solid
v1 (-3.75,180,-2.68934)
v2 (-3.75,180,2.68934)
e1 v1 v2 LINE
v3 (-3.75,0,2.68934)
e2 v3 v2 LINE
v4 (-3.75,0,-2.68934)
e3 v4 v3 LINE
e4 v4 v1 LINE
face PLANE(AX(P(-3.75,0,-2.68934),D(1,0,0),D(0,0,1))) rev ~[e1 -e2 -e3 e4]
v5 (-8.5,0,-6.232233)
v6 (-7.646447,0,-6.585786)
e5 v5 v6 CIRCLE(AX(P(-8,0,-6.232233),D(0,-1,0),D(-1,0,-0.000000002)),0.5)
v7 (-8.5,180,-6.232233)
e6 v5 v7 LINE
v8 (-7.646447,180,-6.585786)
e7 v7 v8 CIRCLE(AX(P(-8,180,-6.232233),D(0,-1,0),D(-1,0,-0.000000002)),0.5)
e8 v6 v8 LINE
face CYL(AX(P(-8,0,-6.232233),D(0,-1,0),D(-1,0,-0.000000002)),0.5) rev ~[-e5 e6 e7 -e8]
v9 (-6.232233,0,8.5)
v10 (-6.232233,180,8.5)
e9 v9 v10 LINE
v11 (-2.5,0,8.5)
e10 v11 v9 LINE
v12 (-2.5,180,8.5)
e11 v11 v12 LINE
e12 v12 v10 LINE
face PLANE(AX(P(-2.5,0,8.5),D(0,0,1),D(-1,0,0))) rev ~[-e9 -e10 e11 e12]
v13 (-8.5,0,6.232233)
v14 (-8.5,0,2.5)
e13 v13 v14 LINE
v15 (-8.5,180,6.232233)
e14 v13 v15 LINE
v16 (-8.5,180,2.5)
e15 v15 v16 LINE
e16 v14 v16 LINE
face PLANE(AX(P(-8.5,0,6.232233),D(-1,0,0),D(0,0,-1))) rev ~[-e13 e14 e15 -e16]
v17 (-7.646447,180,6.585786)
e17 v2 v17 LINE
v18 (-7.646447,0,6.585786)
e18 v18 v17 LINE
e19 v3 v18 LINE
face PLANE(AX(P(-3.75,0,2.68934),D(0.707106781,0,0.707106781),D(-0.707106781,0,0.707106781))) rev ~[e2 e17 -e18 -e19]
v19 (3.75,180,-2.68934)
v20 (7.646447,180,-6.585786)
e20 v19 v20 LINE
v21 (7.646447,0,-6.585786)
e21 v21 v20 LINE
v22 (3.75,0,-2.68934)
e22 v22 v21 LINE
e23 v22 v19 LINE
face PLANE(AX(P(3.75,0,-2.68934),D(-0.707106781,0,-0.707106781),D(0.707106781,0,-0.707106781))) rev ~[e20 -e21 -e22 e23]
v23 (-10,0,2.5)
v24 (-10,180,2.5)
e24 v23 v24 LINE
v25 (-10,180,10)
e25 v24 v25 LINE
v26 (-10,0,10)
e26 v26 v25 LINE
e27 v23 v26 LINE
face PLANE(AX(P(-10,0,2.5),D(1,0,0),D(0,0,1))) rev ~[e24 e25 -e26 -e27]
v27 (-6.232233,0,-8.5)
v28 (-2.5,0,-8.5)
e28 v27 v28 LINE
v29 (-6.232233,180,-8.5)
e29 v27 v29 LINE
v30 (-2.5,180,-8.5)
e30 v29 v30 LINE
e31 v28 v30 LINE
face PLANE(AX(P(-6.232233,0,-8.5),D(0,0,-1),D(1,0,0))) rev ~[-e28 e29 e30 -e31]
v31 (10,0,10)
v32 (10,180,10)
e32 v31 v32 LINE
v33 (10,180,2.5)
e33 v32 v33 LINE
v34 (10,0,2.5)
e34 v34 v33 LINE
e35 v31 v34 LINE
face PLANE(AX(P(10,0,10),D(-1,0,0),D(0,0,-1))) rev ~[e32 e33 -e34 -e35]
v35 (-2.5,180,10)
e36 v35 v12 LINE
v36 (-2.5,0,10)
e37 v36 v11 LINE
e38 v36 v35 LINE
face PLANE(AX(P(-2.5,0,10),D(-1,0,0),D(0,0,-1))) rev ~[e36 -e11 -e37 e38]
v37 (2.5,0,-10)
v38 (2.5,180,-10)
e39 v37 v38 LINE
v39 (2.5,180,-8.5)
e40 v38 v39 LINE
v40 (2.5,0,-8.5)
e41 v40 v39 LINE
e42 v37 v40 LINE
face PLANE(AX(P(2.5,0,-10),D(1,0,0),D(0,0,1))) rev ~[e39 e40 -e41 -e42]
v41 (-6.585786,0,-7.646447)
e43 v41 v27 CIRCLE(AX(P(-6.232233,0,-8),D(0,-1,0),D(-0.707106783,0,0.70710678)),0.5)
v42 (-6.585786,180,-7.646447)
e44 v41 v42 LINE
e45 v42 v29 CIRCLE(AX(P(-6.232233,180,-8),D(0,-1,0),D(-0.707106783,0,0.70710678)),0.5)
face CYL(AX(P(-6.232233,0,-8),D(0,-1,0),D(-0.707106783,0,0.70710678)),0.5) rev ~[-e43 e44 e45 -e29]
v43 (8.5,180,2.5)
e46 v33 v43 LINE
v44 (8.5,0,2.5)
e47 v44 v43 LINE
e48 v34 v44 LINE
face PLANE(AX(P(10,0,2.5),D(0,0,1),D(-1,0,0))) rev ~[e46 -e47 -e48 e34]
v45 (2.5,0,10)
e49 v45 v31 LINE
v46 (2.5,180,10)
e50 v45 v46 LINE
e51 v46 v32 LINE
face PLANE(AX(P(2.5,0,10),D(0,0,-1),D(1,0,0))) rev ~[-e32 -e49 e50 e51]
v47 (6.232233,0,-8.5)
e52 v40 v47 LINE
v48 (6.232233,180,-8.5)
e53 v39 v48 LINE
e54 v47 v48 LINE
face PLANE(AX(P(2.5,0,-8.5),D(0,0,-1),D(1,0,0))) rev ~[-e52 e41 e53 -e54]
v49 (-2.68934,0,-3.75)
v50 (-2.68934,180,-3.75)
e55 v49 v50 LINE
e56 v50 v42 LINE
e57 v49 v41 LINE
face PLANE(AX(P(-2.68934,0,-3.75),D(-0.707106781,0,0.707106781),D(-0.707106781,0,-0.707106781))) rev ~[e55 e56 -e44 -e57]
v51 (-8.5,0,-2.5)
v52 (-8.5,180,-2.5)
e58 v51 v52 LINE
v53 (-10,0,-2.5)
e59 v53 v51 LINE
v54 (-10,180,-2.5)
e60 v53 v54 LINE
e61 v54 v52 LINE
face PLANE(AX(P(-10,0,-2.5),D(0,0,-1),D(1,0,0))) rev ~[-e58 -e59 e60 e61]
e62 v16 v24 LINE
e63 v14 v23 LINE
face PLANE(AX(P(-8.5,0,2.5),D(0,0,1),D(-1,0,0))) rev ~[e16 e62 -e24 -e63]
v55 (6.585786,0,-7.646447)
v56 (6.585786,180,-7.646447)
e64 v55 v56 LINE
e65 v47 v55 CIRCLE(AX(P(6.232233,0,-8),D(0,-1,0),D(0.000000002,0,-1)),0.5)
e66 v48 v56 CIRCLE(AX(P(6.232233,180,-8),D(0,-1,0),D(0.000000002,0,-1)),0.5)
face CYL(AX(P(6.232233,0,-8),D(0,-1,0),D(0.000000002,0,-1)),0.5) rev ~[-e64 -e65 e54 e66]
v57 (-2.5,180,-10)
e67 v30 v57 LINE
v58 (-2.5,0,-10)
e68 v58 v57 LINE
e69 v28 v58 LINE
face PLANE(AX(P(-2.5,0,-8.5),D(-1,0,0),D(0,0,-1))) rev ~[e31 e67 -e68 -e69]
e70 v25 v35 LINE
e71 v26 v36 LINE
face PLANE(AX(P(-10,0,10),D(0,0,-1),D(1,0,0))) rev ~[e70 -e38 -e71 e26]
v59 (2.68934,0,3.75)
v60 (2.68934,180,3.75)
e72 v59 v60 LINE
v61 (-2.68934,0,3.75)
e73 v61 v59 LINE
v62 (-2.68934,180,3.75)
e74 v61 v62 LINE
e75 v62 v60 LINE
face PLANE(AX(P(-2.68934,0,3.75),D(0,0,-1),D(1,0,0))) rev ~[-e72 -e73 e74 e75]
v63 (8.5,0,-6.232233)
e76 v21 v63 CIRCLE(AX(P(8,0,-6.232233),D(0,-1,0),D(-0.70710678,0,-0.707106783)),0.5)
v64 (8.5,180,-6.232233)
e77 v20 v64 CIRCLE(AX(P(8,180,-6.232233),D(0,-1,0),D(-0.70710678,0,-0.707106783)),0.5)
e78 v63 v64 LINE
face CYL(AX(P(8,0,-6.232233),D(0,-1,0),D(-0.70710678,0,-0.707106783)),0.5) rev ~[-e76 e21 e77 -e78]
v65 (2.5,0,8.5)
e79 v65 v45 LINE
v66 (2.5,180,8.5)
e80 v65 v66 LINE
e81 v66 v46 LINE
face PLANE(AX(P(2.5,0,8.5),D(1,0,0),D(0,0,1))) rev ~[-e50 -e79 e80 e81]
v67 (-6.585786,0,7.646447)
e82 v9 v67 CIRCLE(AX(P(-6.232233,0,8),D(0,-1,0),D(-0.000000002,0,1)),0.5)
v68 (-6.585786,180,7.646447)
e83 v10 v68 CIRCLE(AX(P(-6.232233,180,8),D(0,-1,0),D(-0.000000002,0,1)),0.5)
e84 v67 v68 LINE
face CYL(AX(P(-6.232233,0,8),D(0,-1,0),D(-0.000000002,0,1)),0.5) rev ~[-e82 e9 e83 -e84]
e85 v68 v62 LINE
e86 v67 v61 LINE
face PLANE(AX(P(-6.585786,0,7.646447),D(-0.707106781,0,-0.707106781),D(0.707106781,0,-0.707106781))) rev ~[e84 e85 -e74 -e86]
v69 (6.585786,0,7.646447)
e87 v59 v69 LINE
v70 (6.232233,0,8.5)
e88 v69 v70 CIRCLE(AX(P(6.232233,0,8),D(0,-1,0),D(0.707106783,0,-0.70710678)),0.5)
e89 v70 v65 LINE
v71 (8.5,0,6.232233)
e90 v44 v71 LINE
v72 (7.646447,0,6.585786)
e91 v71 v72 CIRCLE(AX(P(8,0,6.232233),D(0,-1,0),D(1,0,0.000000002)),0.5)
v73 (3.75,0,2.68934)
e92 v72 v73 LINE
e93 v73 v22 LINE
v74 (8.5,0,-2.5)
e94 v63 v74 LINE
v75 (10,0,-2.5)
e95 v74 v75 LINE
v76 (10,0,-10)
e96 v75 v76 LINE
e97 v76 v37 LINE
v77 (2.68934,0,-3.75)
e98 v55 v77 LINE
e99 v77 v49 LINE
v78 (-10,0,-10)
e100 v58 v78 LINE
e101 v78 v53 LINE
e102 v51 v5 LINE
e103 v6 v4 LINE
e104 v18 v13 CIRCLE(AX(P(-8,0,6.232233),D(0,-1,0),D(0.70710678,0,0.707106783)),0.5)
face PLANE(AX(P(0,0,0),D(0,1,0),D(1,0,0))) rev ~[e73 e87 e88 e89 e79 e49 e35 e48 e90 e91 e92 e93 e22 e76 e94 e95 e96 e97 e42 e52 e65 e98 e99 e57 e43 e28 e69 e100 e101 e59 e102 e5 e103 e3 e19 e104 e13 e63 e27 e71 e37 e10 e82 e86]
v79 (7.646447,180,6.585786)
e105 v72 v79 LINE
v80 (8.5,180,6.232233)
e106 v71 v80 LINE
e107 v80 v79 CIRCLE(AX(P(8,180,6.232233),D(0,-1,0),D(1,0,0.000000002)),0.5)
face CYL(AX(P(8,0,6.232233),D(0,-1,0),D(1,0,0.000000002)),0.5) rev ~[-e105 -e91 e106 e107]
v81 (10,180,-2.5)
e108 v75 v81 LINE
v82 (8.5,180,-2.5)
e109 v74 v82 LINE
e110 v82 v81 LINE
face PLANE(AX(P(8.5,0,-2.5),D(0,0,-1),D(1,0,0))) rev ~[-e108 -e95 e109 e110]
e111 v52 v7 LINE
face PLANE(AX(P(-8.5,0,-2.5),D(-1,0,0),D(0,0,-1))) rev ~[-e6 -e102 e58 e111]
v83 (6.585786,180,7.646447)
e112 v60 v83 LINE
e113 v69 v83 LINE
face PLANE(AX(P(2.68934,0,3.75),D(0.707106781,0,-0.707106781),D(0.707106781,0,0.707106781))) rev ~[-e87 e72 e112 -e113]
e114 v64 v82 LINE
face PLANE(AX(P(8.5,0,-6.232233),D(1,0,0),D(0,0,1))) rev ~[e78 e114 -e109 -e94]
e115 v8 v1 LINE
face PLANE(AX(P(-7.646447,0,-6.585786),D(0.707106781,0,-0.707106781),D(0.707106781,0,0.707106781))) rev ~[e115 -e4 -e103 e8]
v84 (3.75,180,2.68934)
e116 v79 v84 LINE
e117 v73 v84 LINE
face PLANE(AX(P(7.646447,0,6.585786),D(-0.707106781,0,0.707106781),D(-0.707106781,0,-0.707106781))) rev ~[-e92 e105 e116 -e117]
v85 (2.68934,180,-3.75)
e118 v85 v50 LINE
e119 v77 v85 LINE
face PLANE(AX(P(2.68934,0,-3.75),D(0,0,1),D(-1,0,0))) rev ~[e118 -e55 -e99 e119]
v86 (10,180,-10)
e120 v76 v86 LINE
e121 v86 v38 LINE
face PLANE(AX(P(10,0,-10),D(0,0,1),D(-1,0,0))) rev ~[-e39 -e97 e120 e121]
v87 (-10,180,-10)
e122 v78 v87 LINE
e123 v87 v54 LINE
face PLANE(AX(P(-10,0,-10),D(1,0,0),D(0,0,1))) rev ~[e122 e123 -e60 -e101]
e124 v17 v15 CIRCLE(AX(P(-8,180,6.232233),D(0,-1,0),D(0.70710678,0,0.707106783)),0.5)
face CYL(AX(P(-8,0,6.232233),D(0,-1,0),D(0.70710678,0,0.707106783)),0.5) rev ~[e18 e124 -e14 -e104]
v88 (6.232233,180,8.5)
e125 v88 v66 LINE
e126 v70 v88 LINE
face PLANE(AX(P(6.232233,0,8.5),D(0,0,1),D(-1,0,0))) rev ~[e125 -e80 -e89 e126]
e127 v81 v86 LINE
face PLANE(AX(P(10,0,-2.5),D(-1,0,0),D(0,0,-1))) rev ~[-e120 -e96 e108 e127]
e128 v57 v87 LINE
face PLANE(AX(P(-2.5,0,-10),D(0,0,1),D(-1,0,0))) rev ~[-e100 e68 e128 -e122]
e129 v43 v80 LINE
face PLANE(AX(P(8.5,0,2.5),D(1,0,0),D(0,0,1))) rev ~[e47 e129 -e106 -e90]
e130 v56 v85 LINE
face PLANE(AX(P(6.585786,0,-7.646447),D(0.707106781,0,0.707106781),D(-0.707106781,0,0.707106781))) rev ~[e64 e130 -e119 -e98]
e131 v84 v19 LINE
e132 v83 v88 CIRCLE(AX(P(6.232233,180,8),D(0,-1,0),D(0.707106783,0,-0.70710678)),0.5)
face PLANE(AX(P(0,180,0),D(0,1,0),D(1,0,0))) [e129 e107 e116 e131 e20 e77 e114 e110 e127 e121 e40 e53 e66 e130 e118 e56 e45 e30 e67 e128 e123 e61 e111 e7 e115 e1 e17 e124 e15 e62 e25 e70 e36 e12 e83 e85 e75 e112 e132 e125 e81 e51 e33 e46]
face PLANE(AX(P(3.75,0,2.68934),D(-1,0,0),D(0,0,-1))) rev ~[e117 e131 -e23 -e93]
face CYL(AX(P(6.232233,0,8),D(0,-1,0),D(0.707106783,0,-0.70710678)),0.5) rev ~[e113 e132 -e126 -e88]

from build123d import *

# Parameters (mm, degrees)
BOSS_EXTRU_1_DEPTH = 180


with BuildPart() as part:
    # Esquisse1 → Boss.-Extru.1 (new body)
    with BuildSketch(Plane(origin=(0, 0, 0), x_dir=(1, 0, 0), z_dir=(0, 1, 0))):
        with BuildLine():
            Line((-10, -2.5), (-10, -10))
            Line((-10, -10), (-2.5, -10))
            Line((-2.5, -10), (-2.5, -8.5))
            Line((-2.5, -8.5), (-6.232233047, -8.5))
            ThreePointArc((-6.232233047, -8.5), (-6.694172813, -8.191341716), (-6.585786438, -7.646446609))
            Line((-6.585786438, -7.646446609), (-2.689339828, -3.75))
            Line((-2.689339828, -3.75), (2.689339828, -3.75))
            Line((2.689339828, -3.75), (6.585786438, -7.646446609))
            ThreePointArc((6.585786438, -7.646446609), (6.694172813, -8.191341716), (6.232233047, -8.5))
            Line((6.232233047, -8.5), (2.5, -8.5))
            Line((2.5, -8.5), (2.5, -10))
            Line((2.5, -10), (10, -10))
            Line((10, -10), (10, -2.5))
            Line((10, -2.5), (8.5, -2.5))
            Line((8.5, -2.5), (8.5, -6.232233047))
            ThreePointArc((8.5, -6.232233047), (8.191341716, -6.694172813), (7.646446609, -6.585786438))
            Line((7.646446609, -6.585786438), (3.75, -2.689339828))
            Line((3.75, -2.689339828), (3.75, 2.689339828))
            Line((3.75, 2.689339828), (7.646446609, 6.585786438))
            ThreePointArc((7.646446609, 6.585786438), (8.191341716, 6.694172813), (8.5, 6.232233047))
            Line((8.5, 6.232233047), (8.5, 2.5))
            Line((8.5, 2.5), (10, 2.5))
            Line((10, 2.5), (10, 10))
            Line((10, 10), (2.5, 10))
            Line((2.5, 10), (2.5, 8.5))
            Line((2.5, 8.5), (6.232233047, 8.5))
            ThreePointArc((6.232233047, 8.5), (6.694172813, 8.191341716), (6.585786438, 7.646446609))
            Line((6.585786438, 7.646446609), (2.689339828, 3.75))
            Line((2.689339828, 3.75), (-2.689339828, 3.75))
            Line((-2.689339828, 3.75), (-6.585786438, 7.646446609))
            ThreePointArc((-6.585786438, 7.646446609), (-6.694172813, 8.191341716), (-6.232233047, 8.5))
            Line((-6.232233047, 8.5), (-2.5, 8.5))
            Line((-2.5, 8.5), (-2.5, 10))
            Line((-2.5, 10), (-10, 10))
            Line((-10, 10), (-10, 2.5))
            Line((-10, 2.5), (-8.5, 2.5))
            Line((-8.5, 2.5), (-8.5, 6.232233047))
            ThreePointArc((-8.5, 6.232233047), (-8.191341716, 6.694172813), (-7.646446609, 6.585786438))
            Line((-7.646446609, 6.585786438), (-3.75, 2.689339828))
            Line((-3.75, 2.689339828), (-3.75, -2.689339828))
            Line((-3.75, -2.689339828), (-7.646446609, -6.585786438))
            ThreePointArc((-7.646446609, -6.585786438), (-8.191341716, -6.694172813), (-8.5, -6.232233047))
            Line((-8.5, -6.232233047), (-8.5, -2.5))
            Line((-8.5, -2.5), (-10, -2.5))
        make_face()
    extrude(amount=BOSS_EXTRU_1_DEPTH)


solid = part.part
